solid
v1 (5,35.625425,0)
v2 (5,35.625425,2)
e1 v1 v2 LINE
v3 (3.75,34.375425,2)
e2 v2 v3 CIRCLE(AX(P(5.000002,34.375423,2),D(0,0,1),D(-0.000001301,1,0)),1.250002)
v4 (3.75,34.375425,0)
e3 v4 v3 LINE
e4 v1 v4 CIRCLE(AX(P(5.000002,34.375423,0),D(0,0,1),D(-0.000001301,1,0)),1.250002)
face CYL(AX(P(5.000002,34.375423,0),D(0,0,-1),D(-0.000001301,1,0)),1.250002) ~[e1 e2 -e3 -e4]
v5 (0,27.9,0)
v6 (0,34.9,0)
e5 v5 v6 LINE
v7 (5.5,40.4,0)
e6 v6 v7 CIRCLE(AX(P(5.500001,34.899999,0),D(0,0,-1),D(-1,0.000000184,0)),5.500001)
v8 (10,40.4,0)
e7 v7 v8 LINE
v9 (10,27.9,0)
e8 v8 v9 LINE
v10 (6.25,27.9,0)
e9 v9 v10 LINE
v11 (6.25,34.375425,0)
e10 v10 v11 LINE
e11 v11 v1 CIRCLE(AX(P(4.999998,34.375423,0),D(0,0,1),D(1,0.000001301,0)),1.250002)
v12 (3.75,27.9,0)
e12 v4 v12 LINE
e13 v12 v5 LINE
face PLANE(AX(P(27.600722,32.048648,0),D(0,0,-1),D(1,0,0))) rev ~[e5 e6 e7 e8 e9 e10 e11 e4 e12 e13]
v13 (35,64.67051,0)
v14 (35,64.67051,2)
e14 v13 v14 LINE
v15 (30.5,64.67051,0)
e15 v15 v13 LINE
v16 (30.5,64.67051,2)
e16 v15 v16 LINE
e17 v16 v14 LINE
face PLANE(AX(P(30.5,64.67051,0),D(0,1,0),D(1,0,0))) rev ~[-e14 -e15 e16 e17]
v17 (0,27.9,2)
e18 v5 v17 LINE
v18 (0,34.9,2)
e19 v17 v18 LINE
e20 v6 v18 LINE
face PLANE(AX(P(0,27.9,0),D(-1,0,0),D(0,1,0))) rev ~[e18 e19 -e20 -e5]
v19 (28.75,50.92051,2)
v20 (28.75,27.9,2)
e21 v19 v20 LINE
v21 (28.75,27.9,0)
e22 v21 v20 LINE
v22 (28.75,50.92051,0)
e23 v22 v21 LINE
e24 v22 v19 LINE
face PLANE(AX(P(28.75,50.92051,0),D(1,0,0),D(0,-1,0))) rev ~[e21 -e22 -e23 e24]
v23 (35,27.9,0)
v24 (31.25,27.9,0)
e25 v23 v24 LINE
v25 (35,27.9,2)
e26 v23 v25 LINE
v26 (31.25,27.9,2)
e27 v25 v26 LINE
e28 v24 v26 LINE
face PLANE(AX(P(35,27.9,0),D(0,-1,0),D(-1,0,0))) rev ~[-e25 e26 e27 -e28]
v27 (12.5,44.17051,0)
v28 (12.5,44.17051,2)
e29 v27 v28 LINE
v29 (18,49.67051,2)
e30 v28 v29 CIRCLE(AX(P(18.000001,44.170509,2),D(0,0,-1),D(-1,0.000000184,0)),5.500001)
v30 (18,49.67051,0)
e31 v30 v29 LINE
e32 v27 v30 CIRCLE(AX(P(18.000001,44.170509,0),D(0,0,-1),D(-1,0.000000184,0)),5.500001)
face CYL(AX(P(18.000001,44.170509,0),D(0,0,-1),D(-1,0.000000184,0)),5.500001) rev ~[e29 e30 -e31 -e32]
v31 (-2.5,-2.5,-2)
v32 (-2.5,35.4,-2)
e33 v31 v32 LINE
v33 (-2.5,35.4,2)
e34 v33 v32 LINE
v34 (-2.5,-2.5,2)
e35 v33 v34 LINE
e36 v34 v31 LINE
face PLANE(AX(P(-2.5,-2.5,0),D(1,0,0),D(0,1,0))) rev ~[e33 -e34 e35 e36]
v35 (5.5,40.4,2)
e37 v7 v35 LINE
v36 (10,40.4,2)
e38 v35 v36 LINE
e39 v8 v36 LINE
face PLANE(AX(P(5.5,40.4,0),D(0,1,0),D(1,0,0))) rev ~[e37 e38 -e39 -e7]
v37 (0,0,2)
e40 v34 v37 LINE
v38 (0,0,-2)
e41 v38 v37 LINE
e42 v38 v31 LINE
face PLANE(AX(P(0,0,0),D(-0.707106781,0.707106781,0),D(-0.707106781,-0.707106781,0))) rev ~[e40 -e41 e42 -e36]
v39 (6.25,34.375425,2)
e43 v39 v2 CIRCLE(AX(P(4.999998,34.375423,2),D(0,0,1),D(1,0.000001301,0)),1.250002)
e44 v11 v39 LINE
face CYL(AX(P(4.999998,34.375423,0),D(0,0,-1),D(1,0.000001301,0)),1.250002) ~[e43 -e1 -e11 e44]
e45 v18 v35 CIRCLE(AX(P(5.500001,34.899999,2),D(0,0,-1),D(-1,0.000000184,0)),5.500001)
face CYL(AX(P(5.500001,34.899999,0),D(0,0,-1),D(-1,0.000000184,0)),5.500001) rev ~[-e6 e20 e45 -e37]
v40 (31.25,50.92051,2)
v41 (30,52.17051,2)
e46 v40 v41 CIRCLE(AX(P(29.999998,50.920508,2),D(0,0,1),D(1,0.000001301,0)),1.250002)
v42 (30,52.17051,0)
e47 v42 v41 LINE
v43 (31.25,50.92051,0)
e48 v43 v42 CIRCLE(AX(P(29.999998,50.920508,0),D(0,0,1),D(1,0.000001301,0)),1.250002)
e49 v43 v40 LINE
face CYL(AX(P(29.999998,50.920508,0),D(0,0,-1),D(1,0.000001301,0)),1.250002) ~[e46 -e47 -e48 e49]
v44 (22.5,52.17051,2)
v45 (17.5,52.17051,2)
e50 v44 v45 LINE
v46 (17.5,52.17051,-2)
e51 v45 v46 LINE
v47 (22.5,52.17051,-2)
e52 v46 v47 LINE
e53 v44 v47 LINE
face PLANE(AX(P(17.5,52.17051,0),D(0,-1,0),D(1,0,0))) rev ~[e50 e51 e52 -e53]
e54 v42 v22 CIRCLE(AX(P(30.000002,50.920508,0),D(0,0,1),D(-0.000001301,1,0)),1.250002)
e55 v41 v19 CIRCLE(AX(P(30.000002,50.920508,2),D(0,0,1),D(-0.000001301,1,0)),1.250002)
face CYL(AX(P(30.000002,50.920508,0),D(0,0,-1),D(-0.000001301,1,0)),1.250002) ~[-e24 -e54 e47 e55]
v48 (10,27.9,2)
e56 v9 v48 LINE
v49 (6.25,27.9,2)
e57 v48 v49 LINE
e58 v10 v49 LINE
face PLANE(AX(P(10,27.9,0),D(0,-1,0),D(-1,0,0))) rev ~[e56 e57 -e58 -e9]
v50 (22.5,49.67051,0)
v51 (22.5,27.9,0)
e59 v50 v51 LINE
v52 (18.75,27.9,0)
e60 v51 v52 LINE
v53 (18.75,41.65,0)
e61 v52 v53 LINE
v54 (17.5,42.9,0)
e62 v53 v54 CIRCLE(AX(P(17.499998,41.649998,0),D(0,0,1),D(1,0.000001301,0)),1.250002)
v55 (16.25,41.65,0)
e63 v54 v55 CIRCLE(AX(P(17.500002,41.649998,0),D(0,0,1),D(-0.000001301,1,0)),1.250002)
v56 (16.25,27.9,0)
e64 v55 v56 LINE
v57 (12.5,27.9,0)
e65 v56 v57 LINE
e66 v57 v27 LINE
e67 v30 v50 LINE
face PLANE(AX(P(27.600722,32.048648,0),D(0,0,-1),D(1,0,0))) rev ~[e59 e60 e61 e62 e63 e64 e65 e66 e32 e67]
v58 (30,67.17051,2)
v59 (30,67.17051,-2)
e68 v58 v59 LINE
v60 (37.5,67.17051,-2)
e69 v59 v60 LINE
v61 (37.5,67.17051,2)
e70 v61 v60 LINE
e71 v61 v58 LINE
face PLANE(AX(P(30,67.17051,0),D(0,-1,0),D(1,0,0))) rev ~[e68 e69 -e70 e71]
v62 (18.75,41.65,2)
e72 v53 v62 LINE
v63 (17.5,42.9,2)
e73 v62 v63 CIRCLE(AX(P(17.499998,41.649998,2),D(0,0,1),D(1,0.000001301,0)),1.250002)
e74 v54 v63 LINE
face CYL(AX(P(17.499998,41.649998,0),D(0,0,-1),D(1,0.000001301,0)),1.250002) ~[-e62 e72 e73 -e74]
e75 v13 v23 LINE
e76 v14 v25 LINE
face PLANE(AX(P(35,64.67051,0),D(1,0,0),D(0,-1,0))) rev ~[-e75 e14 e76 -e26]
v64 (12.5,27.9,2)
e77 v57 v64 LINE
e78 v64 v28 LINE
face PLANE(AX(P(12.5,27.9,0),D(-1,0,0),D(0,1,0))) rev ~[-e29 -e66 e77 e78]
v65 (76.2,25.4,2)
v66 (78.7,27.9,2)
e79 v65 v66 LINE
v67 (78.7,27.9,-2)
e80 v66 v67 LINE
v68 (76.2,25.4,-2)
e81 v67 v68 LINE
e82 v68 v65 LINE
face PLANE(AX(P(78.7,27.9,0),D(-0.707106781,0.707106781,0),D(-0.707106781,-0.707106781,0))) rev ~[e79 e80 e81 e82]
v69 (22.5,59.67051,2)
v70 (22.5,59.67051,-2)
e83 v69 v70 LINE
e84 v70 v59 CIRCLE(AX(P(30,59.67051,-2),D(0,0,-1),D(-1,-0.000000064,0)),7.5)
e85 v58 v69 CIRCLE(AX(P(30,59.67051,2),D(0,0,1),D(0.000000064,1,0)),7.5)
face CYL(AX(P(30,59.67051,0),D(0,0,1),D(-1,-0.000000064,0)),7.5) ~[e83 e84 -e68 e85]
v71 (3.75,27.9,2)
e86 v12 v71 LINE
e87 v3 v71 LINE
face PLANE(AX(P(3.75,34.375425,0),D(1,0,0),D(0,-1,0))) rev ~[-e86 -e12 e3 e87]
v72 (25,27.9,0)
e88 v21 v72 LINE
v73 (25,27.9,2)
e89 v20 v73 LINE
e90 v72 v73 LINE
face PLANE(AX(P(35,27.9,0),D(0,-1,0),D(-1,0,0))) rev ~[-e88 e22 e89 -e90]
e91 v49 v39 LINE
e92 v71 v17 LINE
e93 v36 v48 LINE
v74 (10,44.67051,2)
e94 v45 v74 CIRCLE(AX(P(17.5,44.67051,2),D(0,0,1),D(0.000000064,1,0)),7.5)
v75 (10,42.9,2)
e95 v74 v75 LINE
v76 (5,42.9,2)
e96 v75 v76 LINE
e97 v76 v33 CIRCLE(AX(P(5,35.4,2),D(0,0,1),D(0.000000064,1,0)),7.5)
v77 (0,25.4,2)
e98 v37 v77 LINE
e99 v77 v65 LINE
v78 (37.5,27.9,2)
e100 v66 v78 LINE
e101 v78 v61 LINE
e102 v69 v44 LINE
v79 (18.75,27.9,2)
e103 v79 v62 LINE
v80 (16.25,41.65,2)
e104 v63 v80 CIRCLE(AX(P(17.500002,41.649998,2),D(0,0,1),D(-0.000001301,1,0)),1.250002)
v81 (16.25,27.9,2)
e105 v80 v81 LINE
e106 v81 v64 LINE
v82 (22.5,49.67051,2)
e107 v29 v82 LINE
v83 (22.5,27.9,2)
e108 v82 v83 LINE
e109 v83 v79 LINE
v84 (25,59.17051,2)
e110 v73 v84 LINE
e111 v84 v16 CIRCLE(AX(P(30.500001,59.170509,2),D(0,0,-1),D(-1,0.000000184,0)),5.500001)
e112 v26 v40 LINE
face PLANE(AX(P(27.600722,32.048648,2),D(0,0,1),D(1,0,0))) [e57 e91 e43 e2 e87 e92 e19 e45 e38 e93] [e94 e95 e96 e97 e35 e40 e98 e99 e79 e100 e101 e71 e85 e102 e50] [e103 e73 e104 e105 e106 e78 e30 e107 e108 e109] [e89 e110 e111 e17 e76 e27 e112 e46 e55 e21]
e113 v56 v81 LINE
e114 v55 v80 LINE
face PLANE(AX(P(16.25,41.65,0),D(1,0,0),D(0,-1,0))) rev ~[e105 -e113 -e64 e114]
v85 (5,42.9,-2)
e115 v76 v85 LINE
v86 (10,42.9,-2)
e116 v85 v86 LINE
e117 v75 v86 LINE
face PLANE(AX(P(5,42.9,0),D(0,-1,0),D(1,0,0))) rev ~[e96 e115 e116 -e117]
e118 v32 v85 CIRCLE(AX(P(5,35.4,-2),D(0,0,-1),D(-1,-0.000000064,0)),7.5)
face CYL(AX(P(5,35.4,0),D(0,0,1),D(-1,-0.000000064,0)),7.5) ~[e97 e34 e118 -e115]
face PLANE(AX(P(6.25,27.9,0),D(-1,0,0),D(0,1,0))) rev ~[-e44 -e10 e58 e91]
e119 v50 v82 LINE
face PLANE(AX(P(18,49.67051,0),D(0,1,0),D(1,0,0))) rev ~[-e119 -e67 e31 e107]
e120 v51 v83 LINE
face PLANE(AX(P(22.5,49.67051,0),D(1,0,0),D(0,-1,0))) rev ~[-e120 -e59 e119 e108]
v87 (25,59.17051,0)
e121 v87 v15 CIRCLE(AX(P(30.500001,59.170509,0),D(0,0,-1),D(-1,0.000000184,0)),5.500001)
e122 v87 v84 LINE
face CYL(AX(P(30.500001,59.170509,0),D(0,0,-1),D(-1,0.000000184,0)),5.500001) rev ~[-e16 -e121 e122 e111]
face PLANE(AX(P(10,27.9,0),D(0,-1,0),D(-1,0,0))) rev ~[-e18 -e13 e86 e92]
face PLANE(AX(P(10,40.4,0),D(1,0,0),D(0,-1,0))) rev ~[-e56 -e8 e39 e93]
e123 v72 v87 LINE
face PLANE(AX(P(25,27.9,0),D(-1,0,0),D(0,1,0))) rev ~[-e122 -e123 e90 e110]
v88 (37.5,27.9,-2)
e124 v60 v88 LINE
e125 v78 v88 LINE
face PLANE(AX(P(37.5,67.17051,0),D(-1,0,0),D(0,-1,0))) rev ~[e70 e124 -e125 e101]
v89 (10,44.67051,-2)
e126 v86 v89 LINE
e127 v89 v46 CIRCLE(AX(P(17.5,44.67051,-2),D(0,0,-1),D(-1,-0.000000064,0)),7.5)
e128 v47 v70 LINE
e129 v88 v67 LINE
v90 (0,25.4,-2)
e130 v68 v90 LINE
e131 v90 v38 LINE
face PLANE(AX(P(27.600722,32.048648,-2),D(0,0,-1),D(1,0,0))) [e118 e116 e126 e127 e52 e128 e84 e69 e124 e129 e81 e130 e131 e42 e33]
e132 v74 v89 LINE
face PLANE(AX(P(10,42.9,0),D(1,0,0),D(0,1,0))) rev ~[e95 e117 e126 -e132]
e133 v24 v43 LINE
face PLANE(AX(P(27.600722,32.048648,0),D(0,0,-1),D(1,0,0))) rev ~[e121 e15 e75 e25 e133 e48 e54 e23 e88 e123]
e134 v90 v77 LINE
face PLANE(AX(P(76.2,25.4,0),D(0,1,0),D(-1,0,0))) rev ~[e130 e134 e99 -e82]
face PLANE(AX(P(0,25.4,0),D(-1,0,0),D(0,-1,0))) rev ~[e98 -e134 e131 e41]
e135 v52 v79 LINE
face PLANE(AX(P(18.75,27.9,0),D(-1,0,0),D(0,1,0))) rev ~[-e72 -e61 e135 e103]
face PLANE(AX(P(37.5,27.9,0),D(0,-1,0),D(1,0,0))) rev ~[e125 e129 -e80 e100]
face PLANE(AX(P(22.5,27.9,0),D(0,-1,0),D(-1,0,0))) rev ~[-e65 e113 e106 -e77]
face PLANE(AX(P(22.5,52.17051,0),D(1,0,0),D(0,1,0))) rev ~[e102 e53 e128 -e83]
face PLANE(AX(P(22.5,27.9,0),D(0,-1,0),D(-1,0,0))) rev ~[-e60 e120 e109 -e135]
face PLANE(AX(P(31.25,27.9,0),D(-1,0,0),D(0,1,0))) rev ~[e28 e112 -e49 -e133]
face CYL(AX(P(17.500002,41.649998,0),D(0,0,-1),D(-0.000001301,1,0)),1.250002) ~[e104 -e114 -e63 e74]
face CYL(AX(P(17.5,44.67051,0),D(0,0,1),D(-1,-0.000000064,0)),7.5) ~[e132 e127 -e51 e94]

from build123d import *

# Parameters (mm, degrees)
F1_DEPTH = 2
F3_DEPTH = 2
F5_DEPTH = 2
F7_DEPTH = 2
F9_DEPTH = 2


with BuildPart() as f1:
    # F0 (on Top) → F1 (new body)
    with BuildSketch(Plane.XY):
        with BuildLine():
            Line((-2.5, -2.5), (0, 0))
            Line((0, 0), (0, 25.4))
            Line((0, 25.4), (76.2, 25.4))
            Line((76.2, 25.4), (78.7, 27.9))
            Line((78.7, 27.9), (37.5, 27.9))
            Line((37.5, 27.9), (37.5, 67.17051))
            Line((37.5, 67.17051), (35, 67.17051))
            Line((35, 67.17051), (30, 67.17051))
            ThreePointArc((30, 67.17051), (24.696699, 64.973811), (22.5, 59.67051))
            Line((22.5, 59.67051), (22.5, 52.17051))
            Line((22.5, 52.17051), (17.5, 52.17051))
            ThreePointArc((17.5, 52.17051), (12.196699, 49.973811), (10, 44.67051))
            Line((10, 44.67051), (10, 42.9))
            Line((10, 42.9), (5, 42.9))
            ThreePointArc((5, 42.9), (-0.303301, 40.703301), (-2.5, 35.4))
            Line((-2.5, 35.4), (-2.5, 27.9))
            Line((-2.5, 27.9), (-2.5, -2.5))
        make_face()
        with BuildLine():
            Line((5.5, 40.4), (10, 40.4))
            Line((10, 40.4), (10, 27.9))
            Line((10, 27.9), (0, 27.9))
            Line((0, 27.9), (0, 34.9))
            ThreePointArc((0, 34.9), (1.610913, 38.789087), (5.5, 40.4))
        make_face(mode=Mode.SUBTRACT)
        with BuildLine():
            Line((18, 49.67051), (22.5, 49.67051))
            Line((22.5, 49.67051), (22.5, 27.9))
            Line((22.5, 27.9), (12.5, 27.9))
            Line((12.5, 27.9), (12.5, 44.17051))
            ThreePointArc((12.5, 44.17051), (14.110913, 48.059597), (18, 49.67051))
        make_face(mode=Mode.SUBTRACT)
        with BuildLine():
            Line((30.5, 64.67051), (35, 64.67051))
            Line((35, 64.67051), (35, 27.9))
            Line((35, 27.9), (25, 27.9))
            Line((25, 27.9), (25, 59.17051))
            ThreePointArc((25, 59.17051), (26.610913, 63.059597), (30.5, 64.67051))
        make_face(mode=Mode.SUBTRACT)
    extrude(amount=F1_DEPTH)

    # F2 (on face) → F3 (join)
    with BuildSketch(Plane(origin=(0, 0, 0), x_dir=(1, 0, 0), z_dir=(0, 0, -1))):
        with BuildLine():
            Line((0, 0), (-2.5, 2.5))
            Line((-2.5, 2.5), (-2.5, -35.4))
            ThreePointArc((-2.5, -35.4), (-0.303301, -40.703301), (5, -42.9))
            Line((5, -42.9), (10, -42.9))
            Line((10, -42.9), (10, -44.67051))
            ThreePointArc((10, -44.67051), (12.196699, -49.973811), (17.5, -52.17051))
            Line((17.5, -52.17051), (22.5, -52.17051))
            Line((22.5, -52.17051), (22.5, -59.67051))
            ThreePointArc((22.5, -59.67051), (24.696699, -64.973811), (30, -67.17051))
            Line((30, -67.17051), (37.5, -67.17051))
            Line((37.5, -67.17051), (37.5, -27.9))
            Line((37.5, -27.9), (78.7, -27.9))
            Line((78.7, -27.9), (76.2, -25.4))
            Line((76.2, -25.4), (0, -25.4))
            Line((0, -25.4), (0, 0))
        make_face()
    extrude(amount=F3_DEPTH)

    # F4 (on face) → F5 (join)
    with BuildSketch(Plane.XY):
        with BuildLine():
            Line((3.75, 34.375425), (3.75, 27.9))
            Line((3.75, 27.9), (6.25, 27.9))
            Line((6.25, 27.9), (6.25, 34.375425))
            ThreePointArc((6.25, 34.375425), (5.883883, 35.259308), (5, 35.625425))
            ThreePointArc((5, 35.625425), (4.116117, 35.259308), (3.75, 34.375425))
        make_face()
    extrude(amount=F5_DEPTH)

    # F6 (on face) → F7 (join)
    with BuildSketch(Plane.XY):
        with BuildLine():
            Line((16.25, 41.65), (16.25, 27.9))
            Line((16.25, 27.9), (18.75, 27.9))
            Line((18.75, 27.9), (18.75, 41.65))
            ThreePointArc((18.75, 41.65), (18.383883, 42.533883), (17.5, 42.9))
            ThreePointArc((17.5, 42.9), (16.616117, 42.533883), (16.25, 41.65))
        make_face()
    extrude(amount=F7_DEPTH)

    # F8 (on face) → F9 (join)
    with BuildSketch(Plane.XY):
        with BuildLine():
            Line((28.75, 50.92051), (28.75, 27.9))
            Line((28.75, 27.9), (31.25, 27.9))
            Line((31.25, 27.9), (31.25, 50.92051))
            ThreePointArc((31.25, 50.92051), (30.883883, 51.804393), (30, 52.17051))
            ThreePointArc((30, 52.17051), (29.116117, 51.804393), (28.75, 50.92051))
        make_face()
    extrude(amount=F9_DEPTH)


solid = f1.part
